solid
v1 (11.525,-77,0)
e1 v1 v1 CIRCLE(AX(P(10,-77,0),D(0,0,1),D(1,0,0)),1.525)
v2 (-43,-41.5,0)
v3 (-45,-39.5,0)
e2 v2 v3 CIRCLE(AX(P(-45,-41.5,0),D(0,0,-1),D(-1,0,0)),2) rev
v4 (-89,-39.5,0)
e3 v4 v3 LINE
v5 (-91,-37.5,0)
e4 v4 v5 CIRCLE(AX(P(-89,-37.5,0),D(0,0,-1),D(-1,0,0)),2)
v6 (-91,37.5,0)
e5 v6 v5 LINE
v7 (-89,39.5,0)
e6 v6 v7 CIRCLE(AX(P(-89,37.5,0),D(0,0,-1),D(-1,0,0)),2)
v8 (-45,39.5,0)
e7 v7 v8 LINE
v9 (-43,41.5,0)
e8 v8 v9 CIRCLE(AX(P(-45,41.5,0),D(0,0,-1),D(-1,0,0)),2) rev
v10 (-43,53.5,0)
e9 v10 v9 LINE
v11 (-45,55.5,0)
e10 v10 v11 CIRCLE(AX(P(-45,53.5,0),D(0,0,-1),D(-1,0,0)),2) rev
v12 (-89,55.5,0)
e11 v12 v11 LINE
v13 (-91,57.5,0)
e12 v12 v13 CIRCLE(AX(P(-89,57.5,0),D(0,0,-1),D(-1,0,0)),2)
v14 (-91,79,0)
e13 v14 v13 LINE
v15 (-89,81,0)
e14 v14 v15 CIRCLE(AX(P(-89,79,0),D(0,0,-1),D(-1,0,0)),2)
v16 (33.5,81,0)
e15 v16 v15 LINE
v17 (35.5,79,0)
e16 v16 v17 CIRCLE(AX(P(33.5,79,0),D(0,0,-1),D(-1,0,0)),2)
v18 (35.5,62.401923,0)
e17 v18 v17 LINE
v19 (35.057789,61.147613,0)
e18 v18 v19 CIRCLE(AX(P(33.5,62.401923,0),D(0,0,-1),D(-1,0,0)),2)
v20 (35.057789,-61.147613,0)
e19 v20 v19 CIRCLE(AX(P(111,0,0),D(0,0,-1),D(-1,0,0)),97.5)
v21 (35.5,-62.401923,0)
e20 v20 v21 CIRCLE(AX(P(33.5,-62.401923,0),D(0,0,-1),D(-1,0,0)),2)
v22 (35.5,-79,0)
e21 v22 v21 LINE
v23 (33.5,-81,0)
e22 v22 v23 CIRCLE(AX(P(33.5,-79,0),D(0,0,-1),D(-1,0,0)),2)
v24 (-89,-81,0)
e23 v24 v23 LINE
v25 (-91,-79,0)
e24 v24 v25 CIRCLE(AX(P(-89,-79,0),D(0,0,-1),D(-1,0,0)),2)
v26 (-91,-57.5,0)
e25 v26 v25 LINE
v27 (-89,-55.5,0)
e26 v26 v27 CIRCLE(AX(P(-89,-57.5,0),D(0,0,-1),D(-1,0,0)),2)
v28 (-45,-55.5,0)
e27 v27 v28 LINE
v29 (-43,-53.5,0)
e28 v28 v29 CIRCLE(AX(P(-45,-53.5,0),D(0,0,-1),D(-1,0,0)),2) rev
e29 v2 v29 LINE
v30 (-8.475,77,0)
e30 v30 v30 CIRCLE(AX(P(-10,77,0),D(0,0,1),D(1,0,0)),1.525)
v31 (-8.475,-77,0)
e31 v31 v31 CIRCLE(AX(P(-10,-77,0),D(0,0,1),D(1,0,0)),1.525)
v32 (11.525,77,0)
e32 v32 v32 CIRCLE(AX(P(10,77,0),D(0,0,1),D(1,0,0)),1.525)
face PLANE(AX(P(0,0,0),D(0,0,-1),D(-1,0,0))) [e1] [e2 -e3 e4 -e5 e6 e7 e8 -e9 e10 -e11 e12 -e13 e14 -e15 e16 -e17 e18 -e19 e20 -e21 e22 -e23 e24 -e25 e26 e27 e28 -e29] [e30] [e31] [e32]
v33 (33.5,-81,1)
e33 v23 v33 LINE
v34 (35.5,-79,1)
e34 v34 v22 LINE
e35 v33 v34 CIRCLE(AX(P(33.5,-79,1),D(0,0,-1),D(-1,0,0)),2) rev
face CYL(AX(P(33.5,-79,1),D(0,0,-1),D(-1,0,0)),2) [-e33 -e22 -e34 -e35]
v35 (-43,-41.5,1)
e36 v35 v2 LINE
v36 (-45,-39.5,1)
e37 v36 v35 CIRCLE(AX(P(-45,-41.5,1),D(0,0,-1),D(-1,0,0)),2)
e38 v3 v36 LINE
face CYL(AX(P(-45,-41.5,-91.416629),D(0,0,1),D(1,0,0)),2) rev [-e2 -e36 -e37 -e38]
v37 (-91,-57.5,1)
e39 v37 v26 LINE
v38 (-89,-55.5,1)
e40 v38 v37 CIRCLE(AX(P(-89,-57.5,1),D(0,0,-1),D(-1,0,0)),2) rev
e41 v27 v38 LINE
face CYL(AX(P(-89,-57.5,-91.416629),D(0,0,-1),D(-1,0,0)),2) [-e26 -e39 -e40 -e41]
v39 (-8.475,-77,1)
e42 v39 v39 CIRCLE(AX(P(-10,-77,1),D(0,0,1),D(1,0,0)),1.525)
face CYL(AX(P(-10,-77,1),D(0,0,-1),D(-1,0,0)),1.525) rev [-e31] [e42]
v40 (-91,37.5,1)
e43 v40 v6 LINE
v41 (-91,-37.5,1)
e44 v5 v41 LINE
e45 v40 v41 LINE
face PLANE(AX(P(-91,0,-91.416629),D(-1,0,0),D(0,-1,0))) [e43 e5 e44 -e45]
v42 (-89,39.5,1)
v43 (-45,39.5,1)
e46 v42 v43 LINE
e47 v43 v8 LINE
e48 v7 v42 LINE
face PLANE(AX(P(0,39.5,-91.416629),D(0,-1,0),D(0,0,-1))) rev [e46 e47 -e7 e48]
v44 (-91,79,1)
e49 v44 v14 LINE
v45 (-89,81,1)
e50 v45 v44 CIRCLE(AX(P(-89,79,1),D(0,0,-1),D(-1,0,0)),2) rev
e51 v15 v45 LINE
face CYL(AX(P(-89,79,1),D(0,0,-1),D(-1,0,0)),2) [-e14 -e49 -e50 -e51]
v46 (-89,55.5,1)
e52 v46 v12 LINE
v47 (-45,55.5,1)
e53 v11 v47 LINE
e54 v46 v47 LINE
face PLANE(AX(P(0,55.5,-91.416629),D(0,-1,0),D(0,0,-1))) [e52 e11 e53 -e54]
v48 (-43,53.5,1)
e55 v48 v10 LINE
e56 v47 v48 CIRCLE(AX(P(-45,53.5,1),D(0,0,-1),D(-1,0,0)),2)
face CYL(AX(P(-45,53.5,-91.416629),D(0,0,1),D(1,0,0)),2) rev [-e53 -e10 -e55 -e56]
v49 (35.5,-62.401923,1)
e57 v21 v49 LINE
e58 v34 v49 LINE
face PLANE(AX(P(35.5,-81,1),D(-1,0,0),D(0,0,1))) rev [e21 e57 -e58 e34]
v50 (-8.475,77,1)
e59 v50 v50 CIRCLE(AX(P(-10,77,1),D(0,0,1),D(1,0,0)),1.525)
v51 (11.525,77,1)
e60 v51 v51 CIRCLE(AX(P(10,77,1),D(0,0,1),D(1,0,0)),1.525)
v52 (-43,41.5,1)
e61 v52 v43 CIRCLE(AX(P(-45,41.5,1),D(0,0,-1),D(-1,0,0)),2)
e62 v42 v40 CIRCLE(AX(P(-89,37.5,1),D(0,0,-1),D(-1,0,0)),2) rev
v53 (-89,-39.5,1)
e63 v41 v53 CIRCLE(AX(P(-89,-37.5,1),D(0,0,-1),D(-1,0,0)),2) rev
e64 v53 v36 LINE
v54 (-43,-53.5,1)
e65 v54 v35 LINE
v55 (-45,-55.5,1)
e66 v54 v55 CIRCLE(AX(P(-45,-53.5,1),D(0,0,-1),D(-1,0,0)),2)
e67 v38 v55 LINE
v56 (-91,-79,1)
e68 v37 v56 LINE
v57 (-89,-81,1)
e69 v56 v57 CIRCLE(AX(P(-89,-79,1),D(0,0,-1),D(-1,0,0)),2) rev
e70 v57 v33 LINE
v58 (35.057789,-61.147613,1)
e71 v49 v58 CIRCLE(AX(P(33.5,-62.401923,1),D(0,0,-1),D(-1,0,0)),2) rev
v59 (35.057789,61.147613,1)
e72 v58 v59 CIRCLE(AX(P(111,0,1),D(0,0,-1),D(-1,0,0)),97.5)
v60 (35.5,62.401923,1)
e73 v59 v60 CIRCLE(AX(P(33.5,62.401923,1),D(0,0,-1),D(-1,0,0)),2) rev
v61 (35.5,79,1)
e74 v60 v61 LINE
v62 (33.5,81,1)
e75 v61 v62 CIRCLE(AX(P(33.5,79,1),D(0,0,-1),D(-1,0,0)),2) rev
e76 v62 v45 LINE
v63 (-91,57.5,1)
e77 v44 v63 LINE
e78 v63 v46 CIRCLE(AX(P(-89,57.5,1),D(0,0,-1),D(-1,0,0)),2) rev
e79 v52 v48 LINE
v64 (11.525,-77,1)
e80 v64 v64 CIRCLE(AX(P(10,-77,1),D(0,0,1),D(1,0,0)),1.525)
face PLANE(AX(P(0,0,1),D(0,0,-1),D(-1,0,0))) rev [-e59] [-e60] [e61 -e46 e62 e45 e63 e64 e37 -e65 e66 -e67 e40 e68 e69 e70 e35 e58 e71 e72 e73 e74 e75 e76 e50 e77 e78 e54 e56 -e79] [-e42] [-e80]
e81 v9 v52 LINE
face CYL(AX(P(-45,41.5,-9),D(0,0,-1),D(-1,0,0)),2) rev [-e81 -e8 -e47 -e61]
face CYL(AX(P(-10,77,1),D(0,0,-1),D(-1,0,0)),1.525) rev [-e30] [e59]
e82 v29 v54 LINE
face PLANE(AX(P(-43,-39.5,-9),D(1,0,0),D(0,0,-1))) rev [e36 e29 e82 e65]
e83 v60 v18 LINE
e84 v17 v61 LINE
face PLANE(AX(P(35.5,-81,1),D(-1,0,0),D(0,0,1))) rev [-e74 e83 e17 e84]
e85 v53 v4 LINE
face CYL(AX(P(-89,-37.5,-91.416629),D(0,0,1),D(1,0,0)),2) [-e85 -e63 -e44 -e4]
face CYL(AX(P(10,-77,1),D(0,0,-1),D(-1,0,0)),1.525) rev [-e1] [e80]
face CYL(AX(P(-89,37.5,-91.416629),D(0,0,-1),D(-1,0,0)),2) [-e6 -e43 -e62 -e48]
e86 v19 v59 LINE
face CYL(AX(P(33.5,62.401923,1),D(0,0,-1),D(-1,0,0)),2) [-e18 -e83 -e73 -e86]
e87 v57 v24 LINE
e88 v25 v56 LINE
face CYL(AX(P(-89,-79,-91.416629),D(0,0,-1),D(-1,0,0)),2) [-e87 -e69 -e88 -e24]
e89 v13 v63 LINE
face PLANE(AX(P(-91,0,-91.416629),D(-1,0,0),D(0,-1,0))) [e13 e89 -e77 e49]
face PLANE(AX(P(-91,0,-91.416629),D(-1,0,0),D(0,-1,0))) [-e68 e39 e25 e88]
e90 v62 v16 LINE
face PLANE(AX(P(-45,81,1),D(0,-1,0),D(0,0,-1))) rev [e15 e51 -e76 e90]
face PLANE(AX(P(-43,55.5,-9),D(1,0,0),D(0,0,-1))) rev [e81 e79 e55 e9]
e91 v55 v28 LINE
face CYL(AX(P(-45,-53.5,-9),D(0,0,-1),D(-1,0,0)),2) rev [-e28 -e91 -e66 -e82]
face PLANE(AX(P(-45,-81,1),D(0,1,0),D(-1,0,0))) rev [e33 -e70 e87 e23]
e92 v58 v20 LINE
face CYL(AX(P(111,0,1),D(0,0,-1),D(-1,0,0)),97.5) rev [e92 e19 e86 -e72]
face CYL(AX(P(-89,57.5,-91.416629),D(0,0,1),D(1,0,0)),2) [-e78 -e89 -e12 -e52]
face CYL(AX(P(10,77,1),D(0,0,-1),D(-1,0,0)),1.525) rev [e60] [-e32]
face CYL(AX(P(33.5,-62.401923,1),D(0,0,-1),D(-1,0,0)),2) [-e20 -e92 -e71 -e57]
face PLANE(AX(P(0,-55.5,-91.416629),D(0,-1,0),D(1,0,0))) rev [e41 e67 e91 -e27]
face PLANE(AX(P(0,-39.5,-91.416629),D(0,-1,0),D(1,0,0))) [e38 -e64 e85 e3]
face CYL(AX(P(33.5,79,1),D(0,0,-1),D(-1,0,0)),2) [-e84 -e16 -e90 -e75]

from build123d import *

# Parameters (mm, degrees)
SKETCH_1_W          = 80.5
SKETCH_1_H          = 162
SKETCH_1_R          = 1.525
EXTRUDE_1_DEPTH     = 1
SKETCH_2_R          = 97.5
CUT_EXTRUDE_1_DEPTH = 1
FILLET_1_R          = 2
EXTRUDE_2_DEPTH     = 1
FILLET_2_R          = 2
CUT_EXTRUDE_2_DEPTH = 10
FILLET_3_R          = 2


with BuildPart() as part:
    # 草图1 → 凸台-拉伸1 (new body)
    with BuildSketch(Plane.XY):
        with Locations((-4.75, 0)):
            Rectangle(SKETCH_1_W, SKETCH_1_H)
        with Locations((-10, 77)):
            Circle(SKETCH_1_R, mode=Mode.SUBTRACT)
        with Locations((10, 77)):
            Circle(SKETCH_1_R, mode=Mode.SUBTRACT)
        with Locations((-10, -77)):
            Circle(SKETCH_1_R, mode=Mode.SUBTRACT)
        with Locations((10, -77)):
            Circle(SKETCH_1_R, mode=Mode.SUBTRACT)
    extrude(amount=EXTRUDE_1_DEPTH)

    # 草图2 → 切除-拉伸1 (cut)
    with BuildSketch(Plane(origin=(0, 0, 0), x_dir=(-1, 0, 0), z_dir=(0, 0, -1))):
        with Locations((-111, 0)):
            Circle(SKETCH_2_R)
    extrude(amount=-CUT_EXTRUDE_1_DEPTH, mode=Mode.SUBTRACT)

    # 圆角1
    fillet_1_edges = [part.edges().sort_by_distance(p)[0] for p in [
        (35.5, -61.692787261, 0.5),
        (35.5, 61.692787261, 0.5),
        (35.5, -81, 0.5),
        (-45, -81, 0.5),
        (-45, 81, 0.5),
        (35.5, 81, 0.5),
    ]]
    fillet(fillet_1_edges, radius=FILLET_1_R)

    # 草图3 → 凸台-拉伸2 (add)
    with BuildSketch(Plane.XY.offset(1)):
        Polygon((-91, 81), (-91, 55.5), (-45, 55.5), (-45, 39.5), (-91, 39.5), (-91, -39.5), (-45, -39.5), (-45, -55.5), (-91, -55.5), (-91, -81), (-43, -81), (-43, 81), align=None)
    extrude(amount=-EXTRUDE_2_DEPTH)

    # 圆角2
    fillet_2_edges = [part.edges().sort_by_distance(p)[0] for p in [
        (-91, -81, 0.5),
        (-45, -55.5, 0.5),
        (-91, -55.5, 0.5),
        (-91, 55.5, 0.5),
        (-45, 55.5, 0.5),
        (-91, 81, 0.5),
        (-45, -39.5, 0.5),
        (-45, 39.5, 0.5),
        (-91, 39.5, 0.5),
        (-91, -39.5, 0.5),
    ]]
    fillet(fillet_2_edges, radius=FILLET_2_R)

    # 草图4 → 切除-拉伸2 (cut)
    with BuildSketch(Plane.XY.offset(1)):
        with BuildLine():
            Line((-47, 55.5), (-43, 55.5))
            Line((-43, 55.5), (-43, 39.5))
            Line((-43, 39.5), (-47, 39.5))
            ThreePointArc((-47, 39.5), (-45.585786438, 40.085786438), (-45, 41.5))
            Line((-45, 41.5), (-45, 53.5))
            ThreePointArc((-45, 53.5), (-45.585786438, 54.914213562), (-47, 55.5))
        make_face()
        with BuildLine():
            Line((-47, -39.5), (-43, -39.5))
            Line((-43, -39.5), (-43, -55.5))
            Line((-43, -55.5), (-47, -55.5))
            ThreePointArc((-47, -55.5), (-45.585786438, -54.914213562), (-45, -53.5))
            Line((-45, -53.5), (-45, -41.5))
            ThreePointArc((-45, -41.5), (-45.585786438, -40.085786438), (-47, -39.5))
        make_face()
    extrude(amount=-CUT_EXTRUDE_2_DEPTH, mode=Mode.SUBTRACT)

    # 圆角3
    fillet_3_edges = [part.edges().sort_by_distance(p)[0] for p in [
        (-43, 55.5, 0.5),
        (-43, 39.5, 0.5),
        (-43, -39.5, 0.5),
        (-43, -55.5, 0.5),
    ]]
    fillet(fillet_3_edges, radius=FILLET_3_R)


solid = part.part
